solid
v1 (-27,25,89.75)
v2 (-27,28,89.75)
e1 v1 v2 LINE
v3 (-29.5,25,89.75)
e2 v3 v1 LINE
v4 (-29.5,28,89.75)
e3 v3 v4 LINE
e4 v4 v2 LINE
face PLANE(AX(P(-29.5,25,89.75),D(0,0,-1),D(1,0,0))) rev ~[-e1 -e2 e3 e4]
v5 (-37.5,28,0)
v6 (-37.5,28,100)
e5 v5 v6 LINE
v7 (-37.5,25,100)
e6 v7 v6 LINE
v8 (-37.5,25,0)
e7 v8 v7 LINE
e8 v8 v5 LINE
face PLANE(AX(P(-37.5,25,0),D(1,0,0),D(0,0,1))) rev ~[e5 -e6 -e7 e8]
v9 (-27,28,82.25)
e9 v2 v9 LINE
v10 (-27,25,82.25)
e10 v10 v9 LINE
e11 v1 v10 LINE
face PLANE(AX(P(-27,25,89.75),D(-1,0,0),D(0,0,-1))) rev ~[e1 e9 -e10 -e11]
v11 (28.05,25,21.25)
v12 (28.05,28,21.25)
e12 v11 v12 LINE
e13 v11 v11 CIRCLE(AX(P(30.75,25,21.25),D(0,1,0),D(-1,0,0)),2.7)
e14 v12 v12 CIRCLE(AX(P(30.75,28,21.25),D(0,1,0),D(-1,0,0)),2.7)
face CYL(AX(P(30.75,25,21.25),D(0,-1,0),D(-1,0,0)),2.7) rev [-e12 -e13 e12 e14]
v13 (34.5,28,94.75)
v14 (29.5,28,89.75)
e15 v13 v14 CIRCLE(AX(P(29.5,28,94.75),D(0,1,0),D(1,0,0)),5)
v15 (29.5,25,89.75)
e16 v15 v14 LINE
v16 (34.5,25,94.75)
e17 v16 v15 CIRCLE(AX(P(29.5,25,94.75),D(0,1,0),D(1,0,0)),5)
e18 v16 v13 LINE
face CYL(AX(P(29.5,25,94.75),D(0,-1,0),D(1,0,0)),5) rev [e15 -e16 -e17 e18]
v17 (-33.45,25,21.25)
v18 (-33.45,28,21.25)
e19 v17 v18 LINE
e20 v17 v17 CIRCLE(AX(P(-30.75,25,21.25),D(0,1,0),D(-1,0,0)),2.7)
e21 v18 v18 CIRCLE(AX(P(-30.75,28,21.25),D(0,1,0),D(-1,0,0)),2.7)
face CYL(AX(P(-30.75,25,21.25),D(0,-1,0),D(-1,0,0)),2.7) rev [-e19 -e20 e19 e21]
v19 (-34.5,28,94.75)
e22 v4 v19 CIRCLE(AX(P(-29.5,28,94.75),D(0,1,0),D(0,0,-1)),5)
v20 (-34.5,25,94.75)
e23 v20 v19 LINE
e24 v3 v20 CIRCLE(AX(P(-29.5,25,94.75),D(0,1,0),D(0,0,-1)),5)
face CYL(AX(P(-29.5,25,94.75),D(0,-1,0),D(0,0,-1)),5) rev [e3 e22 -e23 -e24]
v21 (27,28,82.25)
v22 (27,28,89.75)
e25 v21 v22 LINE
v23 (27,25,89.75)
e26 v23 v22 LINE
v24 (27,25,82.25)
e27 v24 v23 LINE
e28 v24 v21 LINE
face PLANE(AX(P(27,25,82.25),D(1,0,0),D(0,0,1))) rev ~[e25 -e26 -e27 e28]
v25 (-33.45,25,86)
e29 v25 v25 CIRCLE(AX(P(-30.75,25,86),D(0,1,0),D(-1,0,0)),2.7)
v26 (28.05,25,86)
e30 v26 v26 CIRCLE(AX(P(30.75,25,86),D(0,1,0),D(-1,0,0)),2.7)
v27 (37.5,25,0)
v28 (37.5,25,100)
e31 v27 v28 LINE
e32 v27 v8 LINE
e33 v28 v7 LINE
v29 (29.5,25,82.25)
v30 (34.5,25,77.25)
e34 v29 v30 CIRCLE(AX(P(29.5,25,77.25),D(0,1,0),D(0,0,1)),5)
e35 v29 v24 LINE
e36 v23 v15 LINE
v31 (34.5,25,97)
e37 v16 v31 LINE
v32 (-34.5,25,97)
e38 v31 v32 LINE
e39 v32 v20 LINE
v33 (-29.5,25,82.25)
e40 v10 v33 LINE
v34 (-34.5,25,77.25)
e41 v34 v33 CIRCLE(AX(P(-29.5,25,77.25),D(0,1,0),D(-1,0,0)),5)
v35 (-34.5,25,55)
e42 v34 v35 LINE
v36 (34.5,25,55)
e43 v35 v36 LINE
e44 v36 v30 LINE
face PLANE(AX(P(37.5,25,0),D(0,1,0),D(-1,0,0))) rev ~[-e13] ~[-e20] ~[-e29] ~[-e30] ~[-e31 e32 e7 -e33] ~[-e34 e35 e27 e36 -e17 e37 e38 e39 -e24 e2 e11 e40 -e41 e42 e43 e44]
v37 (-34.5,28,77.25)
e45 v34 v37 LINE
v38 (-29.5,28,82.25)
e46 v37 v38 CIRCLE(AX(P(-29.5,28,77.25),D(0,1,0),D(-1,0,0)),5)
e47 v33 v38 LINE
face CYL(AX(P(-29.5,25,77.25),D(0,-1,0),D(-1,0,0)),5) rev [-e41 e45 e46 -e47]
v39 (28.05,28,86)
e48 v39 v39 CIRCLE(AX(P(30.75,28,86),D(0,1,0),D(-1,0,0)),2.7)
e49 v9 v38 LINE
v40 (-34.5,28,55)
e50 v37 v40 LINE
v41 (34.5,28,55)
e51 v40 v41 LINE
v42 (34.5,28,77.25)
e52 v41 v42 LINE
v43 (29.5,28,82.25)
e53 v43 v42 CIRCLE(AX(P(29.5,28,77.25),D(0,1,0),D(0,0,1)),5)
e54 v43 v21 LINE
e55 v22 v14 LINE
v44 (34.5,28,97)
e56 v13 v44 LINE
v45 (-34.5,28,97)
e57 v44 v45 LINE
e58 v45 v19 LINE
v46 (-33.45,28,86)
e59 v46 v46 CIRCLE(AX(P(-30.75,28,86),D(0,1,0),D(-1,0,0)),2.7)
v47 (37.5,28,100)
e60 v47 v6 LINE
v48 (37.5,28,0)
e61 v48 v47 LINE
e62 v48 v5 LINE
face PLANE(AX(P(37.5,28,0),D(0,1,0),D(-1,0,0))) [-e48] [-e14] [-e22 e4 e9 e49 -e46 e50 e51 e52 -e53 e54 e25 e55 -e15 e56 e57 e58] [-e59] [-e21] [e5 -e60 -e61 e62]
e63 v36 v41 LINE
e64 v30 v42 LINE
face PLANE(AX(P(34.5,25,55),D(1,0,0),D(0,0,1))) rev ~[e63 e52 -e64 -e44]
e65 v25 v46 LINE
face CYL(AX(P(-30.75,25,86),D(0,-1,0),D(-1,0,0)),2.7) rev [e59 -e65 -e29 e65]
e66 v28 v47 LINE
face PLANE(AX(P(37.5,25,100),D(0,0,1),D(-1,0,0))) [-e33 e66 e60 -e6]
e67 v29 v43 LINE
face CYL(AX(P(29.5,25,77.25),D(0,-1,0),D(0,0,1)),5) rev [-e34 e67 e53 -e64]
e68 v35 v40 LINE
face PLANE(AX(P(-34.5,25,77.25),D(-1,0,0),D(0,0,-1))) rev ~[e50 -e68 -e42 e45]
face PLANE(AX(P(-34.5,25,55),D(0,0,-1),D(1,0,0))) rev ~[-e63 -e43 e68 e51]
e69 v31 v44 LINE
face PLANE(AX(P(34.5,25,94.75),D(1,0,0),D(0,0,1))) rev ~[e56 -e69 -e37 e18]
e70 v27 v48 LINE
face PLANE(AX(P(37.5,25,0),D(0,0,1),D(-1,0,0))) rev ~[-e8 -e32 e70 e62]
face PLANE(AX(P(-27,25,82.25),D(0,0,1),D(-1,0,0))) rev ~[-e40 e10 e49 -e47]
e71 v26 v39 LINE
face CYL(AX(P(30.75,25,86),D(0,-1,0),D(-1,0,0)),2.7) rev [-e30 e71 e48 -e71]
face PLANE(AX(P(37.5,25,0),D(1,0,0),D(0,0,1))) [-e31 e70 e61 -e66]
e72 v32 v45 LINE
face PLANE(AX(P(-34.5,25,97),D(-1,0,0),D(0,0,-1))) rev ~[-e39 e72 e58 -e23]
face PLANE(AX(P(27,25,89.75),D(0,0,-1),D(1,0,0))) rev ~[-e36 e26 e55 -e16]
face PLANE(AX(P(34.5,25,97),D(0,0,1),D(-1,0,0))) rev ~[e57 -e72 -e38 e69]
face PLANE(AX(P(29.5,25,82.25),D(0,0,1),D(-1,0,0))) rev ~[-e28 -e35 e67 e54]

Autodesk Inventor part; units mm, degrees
ref_plane "YZ Plane" through (0, 0, 0) normal (1, 0, 0) x (0, 1, 0)
ref_plane "XZ Plane" through (0, 0, 0) normal (0, 1, 0) x (-1, 0, 0)
ref_plane "Work Plane1" through (37.5, 25, 0) normal (0, 1, 0) x (-1, 0, 0)
sketch "Sketch1" plane through (37.5, 25, 0) normal (0, 1, 0) x (-1, 0, 0)
  line L0 (0, 0) -> (75, 0) projected
  line L1 (75, 0) -> (75, 100) projected
  line L2 (0, 100) -> (75, 100) projected
  line L3 (0, 0) -> (0, 100) projected
  circle A0 centre (6.75, 86) radius 2.7 projected
  circle A1 centre (68.25, 86) radius 2.7 projected
  circle A2 centre (68.25, 21.25) radius 2.7 projected
  circle A3 centre (6.75, 21.25) radius 2.7 projected
  line L4 (3, 3) -> (3, 17.5) projected
  line L5 (3, 17.5) -> (10.5, 17.5) projected
  line L6 (10.5, 17.5) -> (10.5, 25) projected
  line L7 (10.5, 25) -> (3, 25) projected
  line L8 (3, 25) -> (3, 77.25) projected
  arc A4 (8, 82.25) -> (3, 77.25) centre (8, 77.25) ccw projected
  line L9 (8, 82.25) -> (10.5, 82.25) projected
  line L10 (10.5, 82.25) -> (10.5, 89.75) projected
  line L11 (10.5, 89.75) -> (8, 89.75) projected
  arc A5 (3, 94.75) -> (8, 89.75) centre (8, 94.75) ccw projected
  line L12 (3, 94.75) -> (3, 97) projected
  line L13 (3, 97) -> (72, 97) projected
  line L14 (72, 97) -> (72, 94.75) projected
  arc A6 (67, 89.75) -> (72, 94.75) centre (67, 94.75) ccw projected
  line L15 (67, 89.75) -> (64.5, 89.75) projected
  line L16 (64.5, 89.75) -> (64.5, 82.25) projected
  line L17 (64.5, 82.25) -> (67, 82.25) projected
  arc A7 (72, 77.25) -> (67, 82.25) centre (67, 77.25) ccw projected
  line L18 (72, 77.25) -> (72, 25) projected
  line L19 (72, 25) -> (64.5, 25) projected
  line L20 (64.5, 25) -> (64.5, 17.5) projected
  line L21 (64.5, 17.5) -> (72, 17.5) projected
  line L22 (72, 17.5) -> (72, 3) projected
  line L23 (72, 3) -> (3, 3) projected
  line L24 (72, 55) -> (3, 55)
  point P0 (37.5, 0)
  dimension "d0" = 42
extrude "Extrusion1" add sketch "Sketch1" along normal blind 3 contours L3 L2 L1 L0 | L4 L5 L6 L7 L8 L24 L18 L19 L20 L21 L22 L23
properties part number "plytka"
